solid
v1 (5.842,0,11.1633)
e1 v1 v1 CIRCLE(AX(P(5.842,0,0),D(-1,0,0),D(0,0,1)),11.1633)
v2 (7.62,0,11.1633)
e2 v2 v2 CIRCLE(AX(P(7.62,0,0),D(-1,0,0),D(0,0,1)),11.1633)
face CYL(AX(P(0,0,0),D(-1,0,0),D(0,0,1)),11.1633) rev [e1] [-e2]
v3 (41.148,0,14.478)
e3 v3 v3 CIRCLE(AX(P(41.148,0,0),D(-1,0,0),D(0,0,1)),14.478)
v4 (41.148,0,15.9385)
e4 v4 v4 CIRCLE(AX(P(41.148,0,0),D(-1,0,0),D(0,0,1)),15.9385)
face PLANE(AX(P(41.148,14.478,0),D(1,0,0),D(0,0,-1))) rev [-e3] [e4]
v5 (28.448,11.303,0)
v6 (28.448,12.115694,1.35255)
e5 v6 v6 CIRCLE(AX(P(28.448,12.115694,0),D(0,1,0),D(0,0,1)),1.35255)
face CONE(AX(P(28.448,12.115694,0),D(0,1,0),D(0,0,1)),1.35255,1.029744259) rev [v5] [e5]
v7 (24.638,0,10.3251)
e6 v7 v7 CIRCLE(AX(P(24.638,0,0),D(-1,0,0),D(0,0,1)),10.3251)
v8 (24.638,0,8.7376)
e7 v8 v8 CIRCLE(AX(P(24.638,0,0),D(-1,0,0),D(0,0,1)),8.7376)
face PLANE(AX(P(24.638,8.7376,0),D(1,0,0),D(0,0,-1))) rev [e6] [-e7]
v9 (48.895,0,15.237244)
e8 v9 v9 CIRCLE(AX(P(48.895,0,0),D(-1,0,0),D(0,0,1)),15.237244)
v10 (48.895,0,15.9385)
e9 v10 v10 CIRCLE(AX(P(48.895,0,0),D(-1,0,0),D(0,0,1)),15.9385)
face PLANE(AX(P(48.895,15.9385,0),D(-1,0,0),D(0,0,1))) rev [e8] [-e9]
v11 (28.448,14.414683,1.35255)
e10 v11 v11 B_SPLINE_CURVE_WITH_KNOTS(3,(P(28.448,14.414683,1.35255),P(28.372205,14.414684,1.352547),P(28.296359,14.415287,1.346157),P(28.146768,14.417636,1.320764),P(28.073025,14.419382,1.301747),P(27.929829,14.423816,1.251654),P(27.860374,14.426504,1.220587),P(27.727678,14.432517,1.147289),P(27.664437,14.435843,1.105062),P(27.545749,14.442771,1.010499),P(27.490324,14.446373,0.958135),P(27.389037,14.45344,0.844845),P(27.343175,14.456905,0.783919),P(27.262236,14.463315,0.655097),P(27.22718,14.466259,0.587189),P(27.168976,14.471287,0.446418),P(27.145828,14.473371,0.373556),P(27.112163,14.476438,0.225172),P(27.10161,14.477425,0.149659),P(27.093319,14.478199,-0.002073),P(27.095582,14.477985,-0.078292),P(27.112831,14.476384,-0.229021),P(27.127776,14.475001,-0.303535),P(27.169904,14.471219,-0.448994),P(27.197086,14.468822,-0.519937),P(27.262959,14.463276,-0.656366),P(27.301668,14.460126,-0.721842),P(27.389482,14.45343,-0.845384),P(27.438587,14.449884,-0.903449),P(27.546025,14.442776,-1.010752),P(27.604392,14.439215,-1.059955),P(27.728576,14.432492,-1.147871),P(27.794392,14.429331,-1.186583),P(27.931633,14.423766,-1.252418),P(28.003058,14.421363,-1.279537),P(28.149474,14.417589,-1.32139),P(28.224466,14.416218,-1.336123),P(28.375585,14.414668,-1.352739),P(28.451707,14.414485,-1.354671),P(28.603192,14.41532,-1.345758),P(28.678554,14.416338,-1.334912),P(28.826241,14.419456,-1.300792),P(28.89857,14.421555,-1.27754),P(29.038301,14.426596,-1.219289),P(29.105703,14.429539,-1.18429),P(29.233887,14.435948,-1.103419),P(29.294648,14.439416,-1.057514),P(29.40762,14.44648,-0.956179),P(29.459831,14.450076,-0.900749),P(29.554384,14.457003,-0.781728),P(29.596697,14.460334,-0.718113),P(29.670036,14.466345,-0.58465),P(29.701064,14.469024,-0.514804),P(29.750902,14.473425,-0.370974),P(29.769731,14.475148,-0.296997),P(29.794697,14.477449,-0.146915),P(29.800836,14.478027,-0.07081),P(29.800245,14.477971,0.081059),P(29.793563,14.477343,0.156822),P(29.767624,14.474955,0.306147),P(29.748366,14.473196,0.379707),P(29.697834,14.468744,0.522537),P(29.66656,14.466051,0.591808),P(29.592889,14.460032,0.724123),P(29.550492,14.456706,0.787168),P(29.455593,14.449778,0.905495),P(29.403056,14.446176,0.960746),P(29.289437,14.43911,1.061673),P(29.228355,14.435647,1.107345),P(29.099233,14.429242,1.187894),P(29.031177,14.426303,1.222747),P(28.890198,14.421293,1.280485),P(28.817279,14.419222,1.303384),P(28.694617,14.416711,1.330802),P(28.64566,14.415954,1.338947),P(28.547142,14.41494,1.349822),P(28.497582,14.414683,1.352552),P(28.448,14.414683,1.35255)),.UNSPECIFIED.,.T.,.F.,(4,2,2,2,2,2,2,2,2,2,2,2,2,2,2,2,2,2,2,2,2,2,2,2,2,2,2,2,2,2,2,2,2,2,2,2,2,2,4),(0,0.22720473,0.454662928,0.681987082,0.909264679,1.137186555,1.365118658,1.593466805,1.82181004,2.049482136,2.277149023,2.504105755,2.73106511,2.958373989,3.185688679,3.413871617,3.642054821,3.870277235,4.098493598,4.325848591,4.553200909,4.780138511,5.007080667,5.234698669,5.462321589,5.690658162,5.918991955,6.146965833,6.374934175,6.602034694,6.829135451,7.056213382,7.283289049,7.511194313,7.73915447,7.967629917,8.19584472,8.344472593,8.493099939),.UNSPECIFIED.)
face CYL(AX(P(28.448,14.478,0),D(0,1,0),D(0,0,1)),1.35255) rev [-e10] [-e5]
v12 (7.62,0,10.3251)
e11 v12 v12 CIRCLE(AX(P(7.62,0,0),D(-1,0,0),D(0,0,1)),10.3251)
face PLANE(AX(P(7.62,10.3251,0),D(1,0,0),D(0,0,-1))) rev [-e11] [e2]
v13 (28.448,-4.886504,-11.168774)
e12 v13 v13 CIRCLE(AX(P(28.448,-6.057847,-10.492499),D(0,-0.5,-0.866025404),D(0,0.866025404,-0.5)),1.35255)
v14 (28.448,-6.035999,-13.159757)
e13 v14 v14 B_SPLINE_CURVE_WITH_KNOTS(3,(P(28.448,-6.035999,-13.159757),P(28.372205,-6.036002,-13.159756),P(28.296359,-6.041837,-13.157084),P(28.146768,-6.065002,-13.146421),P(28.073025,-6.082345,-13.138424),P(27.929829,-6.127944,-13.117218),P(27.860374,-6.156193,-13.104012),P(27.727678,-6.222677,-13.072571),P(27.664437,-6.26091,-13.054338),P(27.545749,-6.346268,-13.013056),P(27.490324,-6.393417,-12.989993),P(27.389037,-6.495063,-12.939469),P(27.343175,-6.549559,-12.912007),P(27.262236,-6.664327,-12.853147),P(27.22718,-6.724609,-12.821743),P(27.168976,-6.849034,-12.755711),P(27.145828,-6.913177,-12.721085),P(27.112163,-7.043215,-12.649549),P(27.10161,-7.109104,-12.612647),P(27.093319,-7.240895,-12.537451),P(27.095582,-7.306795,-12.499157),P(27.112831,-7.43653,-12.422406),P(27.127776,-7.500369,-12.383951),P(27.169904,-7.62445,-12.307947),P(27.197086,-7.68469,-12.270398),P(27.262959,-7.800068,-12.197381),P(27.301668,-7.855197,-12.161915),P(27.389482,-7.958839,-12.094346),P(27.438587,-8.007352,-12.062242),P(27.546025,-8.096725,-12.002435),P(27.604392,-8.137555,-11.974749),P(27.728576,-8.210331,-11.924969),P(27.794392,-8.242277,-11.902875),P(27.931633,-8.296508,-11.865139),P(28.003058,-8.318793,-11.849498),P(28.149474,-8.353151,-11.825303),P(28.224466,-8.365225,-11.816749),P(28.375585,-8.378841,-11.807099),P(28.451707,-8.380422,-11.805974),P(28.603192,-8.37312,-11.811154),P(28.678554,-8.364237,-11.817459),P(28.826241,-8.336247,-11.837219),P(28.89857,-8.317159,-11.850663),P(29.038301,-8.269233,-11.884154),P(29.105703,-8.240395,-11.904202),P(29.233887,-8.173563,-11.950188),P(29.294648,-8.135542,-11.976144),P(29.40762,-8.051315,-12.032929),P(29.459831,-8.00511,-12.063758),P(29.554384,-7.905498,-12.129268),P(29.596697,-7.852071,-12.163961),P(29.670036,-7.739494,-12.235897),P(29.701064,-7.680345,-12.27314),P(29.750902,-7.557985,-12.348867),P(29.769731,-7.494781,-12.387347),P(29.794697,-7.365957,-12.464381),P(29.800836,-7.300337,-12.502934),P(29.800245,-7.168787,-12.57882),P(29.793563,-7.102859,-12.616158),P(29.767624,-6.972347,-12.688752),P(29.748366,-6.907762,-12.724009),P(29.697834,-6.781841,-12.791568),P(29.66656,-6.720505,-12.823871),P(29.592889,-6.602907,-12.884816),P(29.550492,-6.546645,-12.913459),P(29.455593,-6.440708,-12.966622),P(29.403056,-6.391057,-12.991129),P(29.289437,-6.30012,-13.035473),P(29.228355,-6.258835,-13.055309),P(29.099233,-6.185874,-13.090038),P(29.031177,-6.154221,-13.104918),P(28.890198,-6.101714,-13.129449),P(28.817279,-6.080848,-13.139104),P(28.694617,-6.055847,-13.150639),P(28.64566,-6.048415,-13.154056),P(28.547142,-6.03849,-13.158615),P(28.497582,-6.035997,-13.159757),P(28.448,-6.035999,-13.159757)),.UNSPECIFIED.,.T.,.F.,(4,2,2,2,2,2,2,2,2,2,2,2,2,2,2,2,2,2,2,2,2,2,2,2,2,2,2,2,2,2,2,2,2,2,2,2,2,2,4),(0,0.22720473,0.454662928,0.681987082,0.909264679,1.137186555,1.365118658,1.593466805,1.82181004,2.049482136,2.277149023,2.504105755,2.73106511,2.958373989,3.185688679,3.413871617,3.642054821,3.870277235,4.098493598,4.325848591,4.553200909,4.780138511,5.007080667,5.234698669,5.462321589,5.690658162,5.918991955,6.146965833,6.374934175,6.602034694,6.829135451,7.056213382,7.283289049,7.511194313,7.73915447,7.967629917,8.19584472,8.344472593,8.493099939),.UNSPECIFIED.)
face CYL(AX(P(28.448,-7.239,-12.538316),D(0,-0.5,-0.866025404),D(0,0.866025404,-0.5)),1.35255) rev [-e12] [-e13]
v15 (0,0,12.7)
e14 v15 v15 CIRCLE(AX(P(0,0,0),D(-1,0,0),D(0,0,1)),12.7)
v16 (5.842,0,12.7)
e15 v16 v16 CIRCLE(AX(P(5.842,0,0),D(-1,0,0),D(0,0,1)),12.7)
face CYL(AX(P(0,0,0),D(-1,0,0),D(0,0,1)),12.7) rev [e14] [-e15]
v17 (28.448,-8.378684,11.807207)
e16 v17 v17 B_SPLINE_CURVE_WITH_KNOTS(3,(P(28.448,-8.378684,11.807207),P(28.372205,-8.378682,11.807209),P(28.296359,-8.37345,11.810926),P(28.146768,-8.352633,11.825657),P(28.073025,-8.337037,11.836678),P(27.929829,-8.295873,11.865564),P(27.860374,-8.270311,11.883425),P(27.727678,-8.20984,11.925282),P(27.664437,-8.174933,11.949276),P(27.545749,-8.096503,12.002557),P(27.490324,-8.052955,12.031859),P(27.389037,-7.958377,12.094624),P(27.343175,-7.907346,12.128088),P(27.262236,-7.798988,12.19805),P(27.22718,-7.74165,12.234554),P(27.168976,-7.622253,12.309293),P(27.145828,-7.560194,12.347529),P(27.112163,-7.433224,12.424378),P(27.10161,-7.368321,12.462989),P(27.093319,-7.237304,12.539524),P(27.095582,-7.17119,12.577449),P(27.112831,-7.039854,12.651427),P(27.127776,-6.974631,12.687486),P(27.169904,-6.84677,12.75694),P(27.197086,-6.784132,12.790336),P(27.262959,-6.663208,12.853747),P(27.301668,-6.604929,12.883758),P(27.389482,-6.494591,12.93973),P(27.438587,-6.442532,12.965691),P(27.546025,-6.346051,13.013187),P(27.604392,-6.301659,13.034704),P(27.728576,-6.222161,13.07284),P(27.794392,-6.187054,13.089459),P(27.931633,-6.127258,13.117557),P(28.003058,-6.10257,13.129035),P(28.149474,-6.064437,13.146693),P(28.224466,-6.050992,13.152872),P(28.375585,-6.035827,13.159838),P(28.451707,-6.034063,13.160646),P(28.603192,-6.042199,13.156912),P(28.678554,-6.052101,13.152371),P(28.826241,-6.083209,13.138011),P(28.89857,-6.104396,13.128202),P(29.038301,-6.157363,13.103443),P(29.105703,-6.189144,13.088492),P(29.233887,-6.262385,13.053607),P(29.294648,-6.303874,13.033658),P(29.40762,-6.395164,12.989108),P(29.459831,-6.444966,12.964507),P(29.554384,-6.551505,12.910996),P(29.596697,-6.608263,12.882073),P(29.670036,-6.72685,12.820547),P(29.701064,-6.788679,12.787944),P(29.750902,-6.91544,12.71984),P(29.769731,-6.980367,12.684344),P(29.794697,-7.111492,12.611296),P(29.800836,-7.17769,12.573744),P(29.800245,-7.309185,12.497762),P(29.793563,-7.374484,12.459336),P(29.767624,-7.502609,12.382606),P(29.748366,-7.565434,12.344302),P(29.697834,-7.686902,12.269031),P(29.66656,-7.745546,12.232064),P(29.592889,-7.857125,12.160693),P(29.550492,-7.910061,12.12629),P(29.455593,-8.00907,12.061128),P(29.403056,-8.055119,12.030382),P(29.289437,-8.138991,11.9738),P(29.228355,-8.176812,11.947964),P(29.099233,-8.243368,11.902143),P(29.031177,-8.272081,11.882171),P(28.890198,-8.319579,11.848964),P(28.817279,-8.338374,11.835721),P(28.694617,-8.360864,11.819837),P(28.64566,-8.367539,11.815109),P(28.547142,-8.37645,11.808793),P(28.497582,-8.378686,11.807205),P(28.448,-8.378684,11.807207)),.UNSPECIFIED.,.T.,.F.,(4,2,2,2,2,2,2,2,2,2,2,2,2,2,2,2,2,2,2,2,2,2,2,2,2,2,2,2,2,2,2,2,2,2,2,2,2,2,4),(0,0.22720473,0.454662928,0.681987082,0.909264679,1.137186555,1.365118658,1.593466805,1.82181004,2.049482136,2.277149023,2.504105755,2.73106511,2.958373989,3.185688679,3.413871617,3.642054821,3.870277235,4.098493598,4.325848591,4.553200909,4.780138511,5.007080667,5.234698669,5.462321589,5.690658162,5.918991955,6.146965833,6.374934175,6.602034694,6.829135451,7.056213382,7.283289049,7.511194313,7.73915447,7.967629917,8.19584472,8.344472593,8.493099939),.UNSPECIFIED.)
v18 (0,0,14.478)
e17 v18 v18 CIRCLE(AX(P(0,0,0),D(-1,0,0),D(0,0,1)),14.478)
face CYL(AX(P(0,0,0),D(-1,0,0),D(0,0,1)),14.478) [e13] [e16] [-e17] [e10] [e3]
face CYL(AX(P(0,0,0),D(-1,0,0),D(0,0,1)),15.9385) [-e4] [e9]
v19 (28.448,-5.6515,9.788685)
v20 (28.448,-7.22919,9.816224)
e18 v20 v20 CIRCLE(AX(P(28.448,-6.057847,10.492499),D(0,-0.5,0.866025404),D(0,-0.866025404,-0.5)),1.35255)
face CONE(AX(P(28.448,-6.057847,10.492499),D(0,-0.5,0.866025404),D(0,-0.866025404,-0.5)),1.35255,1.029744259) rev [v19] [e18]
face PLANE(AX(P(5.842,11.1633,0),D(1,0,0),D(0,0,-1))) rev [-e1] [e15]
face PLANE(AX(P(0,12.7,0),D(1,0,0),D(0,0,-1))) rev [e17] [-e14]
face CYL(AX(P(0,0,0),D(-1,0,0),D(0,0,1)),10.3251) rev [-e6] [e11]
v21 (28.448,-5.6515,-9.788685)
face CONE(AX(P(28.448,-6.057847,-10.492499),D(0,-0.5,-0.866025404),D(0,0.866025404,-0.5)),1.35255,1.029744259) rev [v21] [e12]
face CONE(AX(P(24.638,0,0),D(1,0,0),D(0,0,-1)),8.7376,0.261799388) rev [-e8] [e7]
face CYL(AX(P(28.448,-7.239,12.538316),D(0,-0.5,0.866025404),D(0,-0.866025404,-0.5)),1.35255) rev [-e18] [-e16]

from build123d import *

# Parameters (mm, degrees)
CIRPATTERN1_COUNT = 3


with BuildPart() as part:
    # Sketch1 → Revolve1 (revolve)
    with BuildSketch(Plane.XY):
        Polygon((0, 14.478), (41.148, 14.478), (41.148, 15.9385), (48.895, 15.9385), (48.895, 15.237243561), (24.638, 8.7376), (24.638, 10.3251), (7.62, 10.3251), (7.62, 11.1633), (5.842, 11.1633), (5.842, 12.7), (0, 12.7), align=None)
    revolve(axis=Axis((0, 0, 0), (1, 0, 0)))

    # Sketch3 → #6-32 Tapped Hole1 (revolve, cut)
    with BuildSketch(Plane(origin=(28.448, 14.478, 0), x_dir=(0, 0, 1), z_dir=(1, 0, 0))):
        Polygon((0, 0), (0, 3.175), (1.35255, 2.36230597), (1.35255, 0), align=None)
    f_6_32_tapped_hole1 = revolve(axis=Axis((28.448, 20.828, 0), (0, -1, 0)), mode=Mode.SUBTRACT)

    # CirPattern1: #6-32 Tapped Hole1 ×3 about axis
    cirpattern1_axis = Axis((0, 0, 0), (-1, 0, 0))
    for i in range(1, CIRPATTERN1_COUNT):
        add(f_6_32_tapped_hole1.rotate(cirpattern1_axis, i * 360 / CIRPATTERN1_COUNT), mode=Mode.SUBTRACT)


solid = part.part
